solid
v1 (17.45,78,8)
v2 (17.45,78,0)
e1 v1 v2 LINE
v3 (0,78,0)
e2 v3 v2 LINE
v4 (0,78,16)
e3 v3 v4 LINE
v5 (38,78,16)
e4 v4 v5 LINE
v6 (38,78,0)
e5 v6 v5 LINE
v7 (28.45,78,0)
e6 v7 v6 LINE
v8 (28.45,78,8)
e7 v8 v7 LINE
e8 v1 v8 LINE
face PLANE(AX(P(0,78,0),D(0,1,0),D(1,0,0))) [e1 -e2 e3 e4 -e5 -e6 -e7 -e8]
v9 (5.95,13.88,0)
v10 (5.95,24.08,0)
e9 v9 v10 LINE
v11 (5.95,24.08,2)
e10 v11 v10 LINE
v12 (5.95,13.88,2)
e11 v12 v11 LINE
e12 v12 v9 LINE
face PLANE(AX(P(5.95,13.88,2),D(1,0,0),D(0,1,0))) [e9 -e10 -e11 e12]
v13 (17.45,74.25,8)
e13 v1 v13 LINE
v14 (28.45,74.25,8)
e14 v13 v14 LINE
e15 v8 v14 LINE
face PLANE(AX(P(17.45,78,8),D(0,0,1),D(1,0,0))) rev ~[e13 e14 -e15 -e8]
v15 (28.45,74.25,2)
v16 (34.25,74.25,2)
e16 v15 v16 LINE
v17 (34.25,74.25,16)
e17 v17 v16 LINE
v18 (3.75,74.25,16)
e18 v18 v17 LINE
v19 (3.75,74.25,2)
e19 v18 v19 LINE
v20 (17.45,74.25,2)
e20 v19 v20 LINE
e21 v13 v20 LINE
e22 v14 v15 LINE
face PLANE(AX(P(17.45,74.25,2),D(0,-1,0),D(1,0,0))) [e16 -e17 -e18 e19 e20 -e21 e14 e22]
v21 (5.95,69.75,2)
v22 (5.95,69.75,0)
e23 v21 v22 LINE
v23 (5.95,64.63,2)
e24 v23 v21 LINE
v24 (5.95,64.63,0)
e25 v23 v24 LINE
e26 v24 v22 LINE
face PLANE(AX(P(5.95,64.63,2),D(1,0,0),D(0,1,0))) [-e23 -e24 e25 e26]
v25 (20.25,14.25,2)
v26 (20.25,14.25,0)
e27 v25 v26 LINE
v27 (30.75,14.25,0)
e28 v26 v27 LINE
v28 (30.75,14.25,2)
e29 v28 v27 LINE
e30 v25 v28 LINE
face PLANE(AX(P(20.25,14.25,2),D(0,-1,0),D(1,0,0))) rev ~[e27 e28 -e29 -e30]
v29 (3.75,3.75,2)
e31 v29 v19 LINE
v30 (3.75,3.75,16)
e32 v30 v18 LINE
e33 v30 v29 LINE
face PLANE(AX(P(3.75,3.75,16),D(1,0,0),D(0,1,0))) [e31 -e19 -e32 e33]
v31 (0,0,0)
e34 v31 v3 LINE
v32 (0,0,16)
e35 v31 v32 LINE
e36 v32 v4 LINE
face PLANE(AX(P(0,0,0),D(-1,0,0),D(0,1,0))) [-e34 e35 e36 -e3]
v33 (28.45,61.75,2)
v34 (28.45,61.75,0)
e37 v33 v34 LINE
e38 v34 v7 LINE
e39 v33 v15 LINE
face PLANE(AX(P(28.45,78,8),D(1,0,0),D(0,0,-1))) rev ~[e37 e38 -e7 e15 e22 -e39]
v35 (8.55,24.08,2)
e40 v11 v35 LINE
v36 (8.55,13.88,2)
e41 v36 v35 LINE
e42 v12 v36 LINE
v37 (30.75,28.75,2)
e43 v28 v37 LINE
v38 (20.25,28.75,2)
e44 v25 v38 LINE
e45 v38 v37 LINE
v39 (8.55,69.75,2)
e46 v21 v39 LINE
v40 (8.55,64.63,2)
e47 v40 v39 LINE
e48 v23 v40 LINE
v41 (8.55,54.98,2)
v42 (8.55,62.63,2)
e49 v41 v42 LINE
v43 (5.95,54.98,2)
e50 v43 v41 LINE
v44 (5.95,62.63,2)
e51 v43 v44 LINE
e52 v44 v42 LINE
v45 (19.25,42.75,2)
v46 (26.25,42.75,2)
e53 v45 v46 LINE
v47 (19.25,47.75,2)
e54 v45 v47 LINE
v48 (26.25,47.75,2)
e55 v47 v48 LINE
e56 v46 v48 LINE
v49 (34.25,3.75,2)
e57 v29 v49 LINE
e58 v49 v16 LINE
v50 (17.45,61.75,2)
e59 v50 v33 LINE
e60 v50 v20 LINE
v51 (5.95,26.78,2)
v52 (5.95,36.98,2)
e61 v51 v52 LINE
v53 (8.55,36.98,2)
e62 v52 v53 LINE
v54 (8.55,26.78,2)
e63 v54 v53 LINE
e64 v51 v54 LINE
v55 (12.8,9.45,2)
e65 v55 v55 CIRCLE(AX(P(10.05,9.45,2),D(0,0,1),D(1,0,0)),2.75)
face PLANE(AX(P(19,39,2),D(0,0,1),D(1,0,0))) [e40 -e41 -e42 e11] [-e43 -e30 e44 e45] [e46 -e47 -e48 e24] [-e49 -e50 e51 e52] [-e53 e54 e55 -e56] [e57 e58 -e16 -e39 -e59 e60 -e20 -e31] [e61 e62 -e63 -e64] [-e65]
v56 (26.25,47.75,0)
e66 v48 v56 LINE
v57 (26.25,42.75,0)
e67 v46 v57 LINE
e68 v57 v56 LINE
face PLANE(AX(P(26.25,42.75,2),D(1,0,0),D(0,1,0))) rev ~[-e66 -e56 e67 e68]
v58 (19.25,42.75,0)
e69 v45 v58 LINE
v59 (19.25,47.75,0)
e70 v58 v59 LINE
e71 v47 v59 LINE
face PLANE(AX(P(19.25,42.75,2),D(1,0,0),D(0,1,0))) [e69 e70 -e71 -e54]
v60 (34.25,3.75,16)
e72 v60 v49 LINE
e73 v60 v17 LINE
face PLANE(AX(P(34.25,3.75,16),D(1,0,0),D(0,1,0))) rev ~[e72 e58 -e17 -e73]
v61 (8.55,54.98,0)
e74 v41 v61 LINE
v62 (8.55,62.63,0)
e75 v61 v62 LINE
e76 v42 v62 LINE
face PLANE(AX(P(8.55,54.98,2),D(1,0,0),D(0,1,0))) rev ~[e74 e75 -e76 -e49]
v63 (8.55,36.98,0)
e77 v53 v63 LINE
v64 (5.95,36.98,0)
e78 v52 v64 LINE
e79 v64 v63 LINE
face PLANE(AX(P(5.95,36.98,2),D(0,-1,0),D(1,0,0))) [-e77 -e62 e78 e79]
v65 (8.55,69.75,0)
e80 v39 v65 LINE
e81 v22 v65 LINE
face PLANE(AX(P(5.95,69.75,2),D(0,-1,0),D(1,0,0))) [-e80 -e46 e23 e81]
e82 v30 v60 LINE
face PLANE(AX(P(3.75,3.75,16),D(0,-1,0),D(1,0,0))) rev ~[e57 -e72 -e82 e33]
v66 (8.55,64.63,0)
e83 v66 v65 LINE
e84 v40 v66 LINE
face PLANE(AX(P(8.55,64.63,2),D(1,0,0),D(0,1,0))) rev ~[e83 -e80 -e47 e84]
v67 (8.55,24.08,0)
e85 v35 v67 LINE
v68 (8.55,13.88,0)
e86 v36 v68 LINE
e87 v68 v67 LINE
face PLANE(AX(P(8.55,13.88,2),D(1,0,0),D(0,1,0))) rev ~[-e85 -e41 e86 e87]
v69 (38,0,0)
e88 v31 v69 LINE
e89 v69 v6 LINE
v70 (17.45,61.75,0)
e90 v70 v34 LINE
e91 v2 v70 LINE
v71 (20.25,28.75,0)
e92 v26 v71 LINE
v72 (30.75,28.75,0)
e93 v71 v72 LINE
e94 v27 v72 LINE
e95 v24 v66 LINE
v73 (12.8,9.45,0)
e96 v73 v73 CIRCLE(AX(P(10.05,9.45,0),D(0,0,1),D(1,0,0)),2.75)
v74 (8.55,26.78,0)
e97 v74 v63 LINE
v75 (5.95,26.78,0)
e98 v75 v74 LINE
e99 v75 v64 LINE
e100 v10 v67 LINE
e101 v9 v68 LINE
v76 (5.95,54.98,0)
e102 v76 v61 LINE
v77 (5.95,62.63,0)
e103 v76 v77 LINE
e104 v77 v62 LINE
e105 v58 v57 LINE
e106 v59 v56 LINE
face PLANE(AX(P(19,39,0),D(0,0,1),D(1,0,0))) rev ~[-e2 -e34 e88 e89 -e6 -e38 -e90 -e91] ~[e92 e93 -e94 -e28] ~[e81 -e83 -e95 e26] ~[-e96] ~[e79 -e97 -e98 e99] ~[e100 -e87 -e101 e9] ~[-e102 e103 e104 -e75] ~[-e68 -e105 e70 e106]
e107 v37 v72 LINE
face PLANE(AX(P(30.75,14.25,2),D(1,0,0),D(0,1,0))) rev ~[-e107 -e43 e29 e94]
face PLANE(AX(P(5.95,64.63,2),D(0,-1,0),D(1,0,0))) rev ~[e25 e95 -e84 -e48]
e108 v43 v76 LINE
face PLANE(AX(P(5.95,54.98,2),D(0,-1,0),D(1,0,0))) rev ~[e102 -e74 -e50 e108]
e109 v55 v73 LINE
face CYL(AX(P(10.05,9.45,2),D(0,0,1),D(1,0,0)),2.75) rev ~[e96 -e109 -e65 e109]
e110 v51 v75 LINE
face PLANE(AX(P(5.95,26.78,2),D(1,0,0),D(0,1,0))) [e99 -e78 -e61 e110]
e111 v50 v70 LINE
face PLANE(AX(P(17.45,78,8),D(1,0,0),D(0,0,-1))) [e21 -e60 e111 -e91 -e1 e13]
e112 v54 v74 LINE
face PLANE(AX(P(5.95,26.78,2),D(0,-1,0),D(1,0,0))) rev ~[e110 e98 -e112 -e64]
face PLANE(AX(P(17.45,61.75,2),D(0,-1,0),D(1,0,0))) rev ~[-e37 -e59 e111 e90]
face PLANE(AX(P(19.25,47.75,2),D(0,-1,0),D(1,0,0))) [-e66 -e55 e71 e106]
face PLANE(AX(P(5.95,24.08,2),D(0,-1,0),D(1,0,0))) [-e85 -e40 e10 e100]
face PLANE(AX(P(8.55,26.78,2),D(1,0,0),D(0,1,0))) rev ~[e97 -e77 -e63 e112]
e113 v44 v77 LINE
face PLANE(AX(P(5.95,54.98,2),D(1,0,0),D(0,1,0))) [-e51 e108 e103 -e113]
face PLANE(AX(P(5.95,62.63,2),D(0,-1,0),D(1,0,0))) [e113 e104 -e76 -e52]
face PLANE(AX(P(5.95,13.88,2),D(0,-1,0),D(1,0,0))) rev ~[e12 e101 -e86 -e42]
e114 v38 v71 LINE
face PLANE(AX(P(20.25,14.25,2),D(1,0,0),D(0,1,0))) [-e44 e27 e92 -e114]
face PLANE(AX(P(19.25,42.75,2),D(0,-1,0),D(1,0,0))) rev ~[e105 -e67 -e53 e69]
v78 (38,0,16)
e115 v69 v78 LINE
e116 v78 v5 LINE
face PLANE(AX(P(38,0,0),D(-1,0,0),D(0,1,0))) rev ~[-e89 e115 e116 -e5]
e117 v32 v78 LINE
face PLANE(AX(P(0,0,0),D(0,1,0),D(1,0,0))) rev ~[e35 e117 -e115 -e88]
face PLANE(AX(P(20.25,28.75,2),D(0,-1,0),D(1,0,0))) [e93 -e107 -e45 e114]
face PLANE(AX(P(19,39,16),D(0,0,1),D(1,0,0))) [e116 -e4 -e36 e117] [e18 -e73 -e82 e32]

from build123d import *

# Parameters (mm, degrees)
SKETCH1_W           = 38
SKETCH1_H           = 78
BOSS_EXTRUDE1_DEPTH = 16
SKETCH2_W           = 30.5
SKETCH2_H           = 70.5
CUT_EXTRUDE1_DEPTH  = 14
SKETCH3_R           = 2.75
SKETCH3_W           = 2.6
SKETCH3_H           = 5.12
SKETCH3_H_2         = 7.65
SKETCH3_H_3         = 10.2
SKETCH3_W_2         = 11
SKETCH3_H_4         = 12.5
SKETCH3_W_3         = 10.5
SKETCH3_H_5         = 14.5
SKETCH3_W_4         = 7
SKETCH3_H_6         = 5
CUT_EXTRUDE2_DEPTH  = 88.886290171
SKETCH4_W           = 11
SKETCH4_H           = 8
CUT_EXTRUDE3_DEPTH  = 3.75


with BuildPart() as part:
    # Sketch1 → Boss-Extrude1 (new body)
    with BuildSketch(Plane.XY):
        with Locations((19, 39)):
            Rectangle(SKETCH1_W, SKETCH1_H)
    extrude(amount=BOSS_EXTRUDE1_DEPTH)

    # Sketch2 → Cut-Extrude1 (cut)
    with BuildSketch(Plane.XY.offset(16)):
        with Locations((19, 39)):
            Rectangle(SKETCH2_W, SKETCH2_H)
    extrude(amount=-CUT_EXTRUDE1_DEPTH, mode=Mode.SUBTRACT)

    # Sketch3 → Cut-Extrude2 (cut, through all)
    with BuildSketch(Plane.XY.offset(2)):
        with Locations((10.05, 9.45)):
            Circle(SKETCH3_R)
        with Locations((7.25, 67.19)):
            Rectangle(SKETCH3_W, SKETCH3_H)
        with Locations((7.25, 58.805)):
            Rectangle(SKETCH3_W, SKETCH3_H_2)
        with Locations((7.25, 31.88)):
            Rectangle(SKETCH3_W, SKETCH3_H_3)
        with Locations((7.25, 18.98)):
            Rectangle(SKETCH3_W, SKETCH3_H_3)
        with Locations((22.95, 68)):
            Rectangle(SKETCH3_W_2, SKETCH3_H_4)
        with Locations((25.5, 21.5)):
            Rectangle(SKETCH3_W_3, SKETCH3_H_5)
        with Locations((22.75, 45.25)):
            Rectangle(SKETCH3_W_4, SKETCH3_H_6)
    extrude(amount=-CUT_EXTRUDE2_DEPTH, mode=Mode.SUBTRACT)

    # Sketch4 → Cut-Extrude3 (cut)
    with BuildSketch(Plane(origin=(0, 78, 0), x_dir=(1, 0, 0), z_dir=(0, 1, 0))):
        with Locations((22.95, -4)):
            Rectangle(SKETCH4_W, SKETCH4_H)
    extrude(amount=-CUT_EXTRUDE3_DEPTH, mode=Mode.SUBTRACT)


solid = part.part
